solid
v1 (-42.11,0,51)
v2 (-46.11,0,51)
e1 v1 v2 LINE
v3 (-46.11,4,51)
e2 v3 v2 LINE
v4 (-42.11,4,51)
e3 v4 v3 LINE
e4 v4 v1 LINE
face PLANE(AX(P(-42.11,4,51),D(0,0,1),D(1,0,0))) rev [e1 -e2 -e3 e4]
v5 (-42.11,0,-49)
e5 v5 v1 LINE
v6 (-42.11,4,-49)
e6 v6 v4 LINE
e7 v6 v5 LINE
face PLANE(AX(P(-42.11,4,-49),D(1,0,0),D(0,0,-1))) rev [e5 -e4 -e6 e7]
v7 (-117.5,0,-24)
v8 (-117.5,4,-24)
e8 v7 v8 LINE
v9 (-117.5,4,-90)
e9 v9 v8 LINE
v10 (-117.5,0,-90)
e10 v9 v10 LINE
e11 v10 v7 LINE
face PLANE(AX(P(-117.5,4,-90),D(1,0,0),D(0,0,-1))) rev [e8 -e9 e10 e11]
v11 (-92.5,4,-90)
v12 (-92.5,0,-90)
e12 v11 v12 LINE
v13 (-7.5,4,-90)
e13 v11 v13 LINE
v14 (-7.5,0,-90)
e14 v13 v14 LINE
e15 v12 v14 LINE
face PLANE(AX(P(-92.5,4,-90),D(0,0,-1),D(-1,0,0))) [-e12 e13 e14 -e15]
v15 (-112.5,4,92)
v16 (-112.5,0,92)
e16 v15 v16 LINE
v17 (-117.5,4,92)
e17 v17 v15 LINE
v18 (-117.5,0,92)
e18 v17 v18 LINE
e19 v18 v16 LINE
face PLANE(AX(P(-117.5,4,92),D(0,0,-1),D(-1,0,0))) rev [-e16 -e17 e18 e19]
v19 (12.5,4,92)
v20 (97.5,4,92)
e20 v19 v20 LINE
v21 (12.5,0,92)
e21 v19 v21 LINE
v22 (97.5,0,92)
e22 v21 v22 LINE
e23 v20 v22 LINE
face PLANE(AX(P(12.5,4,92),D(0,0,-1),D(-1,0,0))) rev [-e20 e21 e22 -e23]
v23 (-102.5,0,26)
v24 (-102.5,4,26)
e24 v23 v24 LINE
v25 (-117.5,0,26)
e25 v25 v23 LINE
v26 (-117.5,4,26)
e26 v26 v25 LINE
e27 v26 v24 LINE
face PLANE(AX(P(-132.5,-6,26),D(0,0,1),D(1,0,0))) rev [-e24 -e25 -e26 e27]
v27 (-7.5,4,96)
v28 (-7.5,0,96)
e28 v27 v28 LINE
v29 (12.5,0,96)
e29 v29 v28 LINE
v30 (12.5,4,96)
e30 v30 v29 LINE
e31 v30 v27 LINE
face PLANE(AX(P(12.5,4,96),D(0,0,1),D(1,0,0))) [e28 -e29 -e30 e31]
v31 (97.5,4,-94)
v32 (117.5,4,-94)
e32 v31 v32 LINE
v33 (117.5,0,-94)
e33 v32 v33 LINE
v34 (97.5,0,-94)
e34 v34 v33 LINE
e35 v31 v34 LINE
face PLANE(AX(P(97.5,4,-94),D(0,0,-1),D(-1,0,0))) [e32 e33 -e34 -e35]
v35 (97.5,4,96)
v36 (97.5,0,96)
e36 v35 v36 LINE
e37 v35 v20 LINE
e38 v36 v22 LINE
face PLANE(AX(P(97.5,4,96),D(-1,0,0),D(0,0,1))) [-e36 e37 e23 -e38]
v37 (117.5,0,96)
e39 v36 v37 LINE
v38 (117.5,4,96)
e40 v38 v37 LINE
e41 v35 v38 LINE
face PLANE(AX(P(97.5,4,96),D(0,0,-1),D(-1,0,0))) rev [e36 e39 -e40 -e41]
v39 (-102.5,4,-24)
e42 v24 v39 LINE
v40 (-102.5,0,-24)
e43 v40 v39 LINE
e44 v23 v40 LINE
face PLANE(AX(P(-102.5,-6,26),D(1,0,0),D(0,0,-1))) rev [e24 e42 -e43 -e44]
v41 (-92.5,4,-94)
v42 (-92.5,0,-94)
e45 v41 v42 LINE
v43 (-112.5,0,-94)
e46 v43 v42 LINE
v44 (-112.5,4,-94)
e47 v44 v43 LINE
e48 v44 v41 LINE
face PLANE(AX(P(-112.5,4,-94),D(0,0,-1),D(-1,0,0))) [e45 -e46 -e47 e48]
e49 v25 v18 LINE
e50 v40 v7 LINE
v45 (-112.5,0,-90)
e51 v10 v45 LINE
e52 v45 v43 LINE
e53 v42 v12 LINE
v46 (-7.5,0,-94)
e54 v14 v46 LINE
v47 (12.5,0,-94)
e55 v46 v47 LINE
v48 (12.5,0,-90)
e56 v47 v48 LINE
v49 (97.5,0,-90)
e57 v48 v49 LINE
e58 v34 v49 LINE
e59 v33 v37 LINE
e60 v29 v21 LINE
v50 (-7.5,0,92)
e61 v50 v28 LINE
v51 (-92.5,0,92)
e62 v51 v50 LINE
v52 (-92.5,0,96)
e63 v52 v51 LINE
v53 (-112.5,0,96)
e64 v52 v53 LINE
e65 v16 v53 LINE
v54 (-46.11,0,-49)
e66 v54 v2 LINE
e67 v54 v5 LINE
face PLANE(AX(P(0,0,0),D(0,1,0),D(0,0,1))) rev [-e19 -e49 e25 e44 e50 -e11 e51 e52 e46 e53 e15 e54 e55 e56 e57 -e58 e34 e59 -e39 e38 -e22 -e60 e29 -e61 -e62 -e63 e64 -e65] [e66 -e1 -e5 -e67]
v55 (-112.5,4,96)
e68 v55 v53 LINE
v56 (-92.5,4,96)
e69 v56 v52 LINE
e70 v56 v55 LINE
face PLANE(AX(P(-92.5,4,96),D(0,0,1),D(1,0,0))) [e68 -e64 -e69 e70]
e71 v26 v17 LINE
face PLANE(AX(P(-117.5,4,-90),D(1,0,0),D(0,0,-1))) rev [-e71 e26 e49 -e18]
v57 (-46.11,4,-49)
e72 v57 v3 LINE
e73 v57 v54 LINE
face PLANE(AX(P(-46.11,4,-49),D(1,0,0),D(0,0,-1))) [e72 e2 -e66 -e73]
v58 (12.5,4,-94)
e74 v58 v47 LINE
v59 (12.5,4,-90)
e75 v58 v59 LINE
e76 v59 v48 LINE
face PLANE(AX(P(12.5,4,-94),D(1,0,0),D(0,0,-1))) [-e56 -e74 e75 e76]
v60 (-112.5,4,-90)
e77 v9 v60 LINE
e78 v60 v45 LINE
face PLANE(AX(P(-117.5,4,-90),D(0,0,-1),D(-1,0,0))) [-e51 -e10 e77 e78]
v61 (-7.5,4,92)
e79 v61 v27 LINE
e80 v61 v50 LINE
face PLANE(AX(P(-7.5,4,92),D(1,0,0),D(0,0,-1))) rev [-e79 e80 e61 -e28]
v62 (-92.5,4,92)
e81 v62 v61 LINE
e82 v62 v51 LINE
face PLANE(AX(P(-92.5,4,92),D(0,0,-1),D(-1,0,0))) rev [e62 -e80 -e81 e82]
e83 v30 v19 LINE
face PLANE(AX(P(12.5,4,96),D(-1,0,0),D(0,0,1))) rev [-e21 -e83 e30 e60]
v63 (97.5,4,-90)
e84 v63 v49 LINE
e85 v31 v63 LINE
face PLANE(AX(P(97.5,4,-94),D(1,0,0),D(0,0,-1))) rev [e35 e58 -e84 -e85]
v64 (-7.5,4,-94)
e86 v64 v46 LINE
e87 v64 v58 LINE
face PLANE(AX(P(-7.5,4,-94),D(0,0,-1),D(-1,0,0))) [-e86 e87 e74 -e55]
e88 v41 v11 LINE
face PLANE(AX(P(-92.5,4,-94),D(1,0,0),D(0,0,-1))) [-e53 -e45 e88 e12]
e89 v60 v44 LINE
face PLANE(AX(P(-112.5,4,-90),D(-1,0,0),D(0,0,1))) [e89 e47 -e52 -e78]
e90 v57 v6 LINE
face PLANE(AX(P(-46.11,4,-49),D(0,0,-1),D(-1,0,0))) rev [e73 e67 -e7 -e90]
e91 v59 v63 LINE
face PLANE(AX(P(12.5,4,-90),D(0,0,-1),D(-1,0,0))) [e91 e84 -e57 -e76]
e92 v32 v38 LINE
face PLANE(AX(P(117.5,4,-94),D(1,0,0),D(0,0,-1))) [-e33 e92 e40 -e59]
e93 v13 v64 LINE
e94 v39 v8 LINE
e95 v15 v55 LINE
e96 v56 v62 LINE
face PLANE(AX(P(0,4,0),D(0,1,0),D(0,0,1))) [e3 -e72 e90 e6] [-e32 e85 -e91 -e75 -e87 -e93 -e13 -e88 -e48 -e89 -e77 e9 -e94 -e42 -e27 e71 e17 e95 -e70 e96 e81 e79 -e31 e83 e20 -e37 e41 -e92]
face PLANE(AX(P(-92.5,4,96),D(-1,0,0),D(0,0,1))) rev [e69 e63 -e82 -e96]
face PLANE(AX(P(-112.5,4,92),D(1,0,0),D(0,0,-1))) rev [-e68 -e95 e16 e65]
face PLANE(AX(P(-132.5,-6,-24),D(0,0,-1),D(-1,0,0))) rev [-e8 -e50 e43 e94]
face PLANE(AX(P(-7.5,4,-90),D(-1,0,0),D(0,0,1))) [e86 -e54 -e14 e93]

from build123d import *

# Parameters (mm, degrees)
SKETCH1_W           = 4
SKETCH1_H           = 100
BOSS_EXTRUDE1_DEPTH = 4
SKETCH2_W           = 30
SKETCH2_H           = 50
CUT_EXTRUDE1_DEPTH  = 10


with BuildPart() as part:
    # Sketch1 → Boss-Extrude1 (new body)
    with BuildSketch(Plane(origin=(0, 0, 0), x_dir=(1, 0, 0), z_dir=(0, 1, 0))):
        Polygon((-112.5, 94), (-92.5, 94), (-92.5, 90), (-7.5, 90), (-7.5, 94), (12.5, 94), (12.5, 90), (97.5, 90), (97.5, 94), (117.5, 94), (117.5, -96), (97.5, -96), (97.5, -92), (12.5, -92), (12.5, -96), (-7.5, -96), (-7.5, -92), (-92.5, -92), (-92.5, -96), (-112.5, -96), (-112.5, -92), (-117.5, -92), (-117.5, 90), (-112.5, 90), align=None)
        with Locations((-44.11, -1)):
            Rectangle(SKETCH1_W, SKETCH1_H, mode=Mode.SUBTRACT)
    extrude(amount=BOSS_EXTRUDE1_DEPTH)

    # Sketch2 → Cut-Extrude1 (cut)
    with BuildSketch(Plane(origin=(0, 4, 0), x_dir=(1, 0, 0), z_dir=(0, 1, 0))):
        with Locations((-117.5, -1)):
            Rectangle(SKETCH2_W, SKETCH2_H)
    extrude(amount=-CUT_EXTRUDE1_DEPTH, mode=Mode.SUBTRACT)


solid = part.part
